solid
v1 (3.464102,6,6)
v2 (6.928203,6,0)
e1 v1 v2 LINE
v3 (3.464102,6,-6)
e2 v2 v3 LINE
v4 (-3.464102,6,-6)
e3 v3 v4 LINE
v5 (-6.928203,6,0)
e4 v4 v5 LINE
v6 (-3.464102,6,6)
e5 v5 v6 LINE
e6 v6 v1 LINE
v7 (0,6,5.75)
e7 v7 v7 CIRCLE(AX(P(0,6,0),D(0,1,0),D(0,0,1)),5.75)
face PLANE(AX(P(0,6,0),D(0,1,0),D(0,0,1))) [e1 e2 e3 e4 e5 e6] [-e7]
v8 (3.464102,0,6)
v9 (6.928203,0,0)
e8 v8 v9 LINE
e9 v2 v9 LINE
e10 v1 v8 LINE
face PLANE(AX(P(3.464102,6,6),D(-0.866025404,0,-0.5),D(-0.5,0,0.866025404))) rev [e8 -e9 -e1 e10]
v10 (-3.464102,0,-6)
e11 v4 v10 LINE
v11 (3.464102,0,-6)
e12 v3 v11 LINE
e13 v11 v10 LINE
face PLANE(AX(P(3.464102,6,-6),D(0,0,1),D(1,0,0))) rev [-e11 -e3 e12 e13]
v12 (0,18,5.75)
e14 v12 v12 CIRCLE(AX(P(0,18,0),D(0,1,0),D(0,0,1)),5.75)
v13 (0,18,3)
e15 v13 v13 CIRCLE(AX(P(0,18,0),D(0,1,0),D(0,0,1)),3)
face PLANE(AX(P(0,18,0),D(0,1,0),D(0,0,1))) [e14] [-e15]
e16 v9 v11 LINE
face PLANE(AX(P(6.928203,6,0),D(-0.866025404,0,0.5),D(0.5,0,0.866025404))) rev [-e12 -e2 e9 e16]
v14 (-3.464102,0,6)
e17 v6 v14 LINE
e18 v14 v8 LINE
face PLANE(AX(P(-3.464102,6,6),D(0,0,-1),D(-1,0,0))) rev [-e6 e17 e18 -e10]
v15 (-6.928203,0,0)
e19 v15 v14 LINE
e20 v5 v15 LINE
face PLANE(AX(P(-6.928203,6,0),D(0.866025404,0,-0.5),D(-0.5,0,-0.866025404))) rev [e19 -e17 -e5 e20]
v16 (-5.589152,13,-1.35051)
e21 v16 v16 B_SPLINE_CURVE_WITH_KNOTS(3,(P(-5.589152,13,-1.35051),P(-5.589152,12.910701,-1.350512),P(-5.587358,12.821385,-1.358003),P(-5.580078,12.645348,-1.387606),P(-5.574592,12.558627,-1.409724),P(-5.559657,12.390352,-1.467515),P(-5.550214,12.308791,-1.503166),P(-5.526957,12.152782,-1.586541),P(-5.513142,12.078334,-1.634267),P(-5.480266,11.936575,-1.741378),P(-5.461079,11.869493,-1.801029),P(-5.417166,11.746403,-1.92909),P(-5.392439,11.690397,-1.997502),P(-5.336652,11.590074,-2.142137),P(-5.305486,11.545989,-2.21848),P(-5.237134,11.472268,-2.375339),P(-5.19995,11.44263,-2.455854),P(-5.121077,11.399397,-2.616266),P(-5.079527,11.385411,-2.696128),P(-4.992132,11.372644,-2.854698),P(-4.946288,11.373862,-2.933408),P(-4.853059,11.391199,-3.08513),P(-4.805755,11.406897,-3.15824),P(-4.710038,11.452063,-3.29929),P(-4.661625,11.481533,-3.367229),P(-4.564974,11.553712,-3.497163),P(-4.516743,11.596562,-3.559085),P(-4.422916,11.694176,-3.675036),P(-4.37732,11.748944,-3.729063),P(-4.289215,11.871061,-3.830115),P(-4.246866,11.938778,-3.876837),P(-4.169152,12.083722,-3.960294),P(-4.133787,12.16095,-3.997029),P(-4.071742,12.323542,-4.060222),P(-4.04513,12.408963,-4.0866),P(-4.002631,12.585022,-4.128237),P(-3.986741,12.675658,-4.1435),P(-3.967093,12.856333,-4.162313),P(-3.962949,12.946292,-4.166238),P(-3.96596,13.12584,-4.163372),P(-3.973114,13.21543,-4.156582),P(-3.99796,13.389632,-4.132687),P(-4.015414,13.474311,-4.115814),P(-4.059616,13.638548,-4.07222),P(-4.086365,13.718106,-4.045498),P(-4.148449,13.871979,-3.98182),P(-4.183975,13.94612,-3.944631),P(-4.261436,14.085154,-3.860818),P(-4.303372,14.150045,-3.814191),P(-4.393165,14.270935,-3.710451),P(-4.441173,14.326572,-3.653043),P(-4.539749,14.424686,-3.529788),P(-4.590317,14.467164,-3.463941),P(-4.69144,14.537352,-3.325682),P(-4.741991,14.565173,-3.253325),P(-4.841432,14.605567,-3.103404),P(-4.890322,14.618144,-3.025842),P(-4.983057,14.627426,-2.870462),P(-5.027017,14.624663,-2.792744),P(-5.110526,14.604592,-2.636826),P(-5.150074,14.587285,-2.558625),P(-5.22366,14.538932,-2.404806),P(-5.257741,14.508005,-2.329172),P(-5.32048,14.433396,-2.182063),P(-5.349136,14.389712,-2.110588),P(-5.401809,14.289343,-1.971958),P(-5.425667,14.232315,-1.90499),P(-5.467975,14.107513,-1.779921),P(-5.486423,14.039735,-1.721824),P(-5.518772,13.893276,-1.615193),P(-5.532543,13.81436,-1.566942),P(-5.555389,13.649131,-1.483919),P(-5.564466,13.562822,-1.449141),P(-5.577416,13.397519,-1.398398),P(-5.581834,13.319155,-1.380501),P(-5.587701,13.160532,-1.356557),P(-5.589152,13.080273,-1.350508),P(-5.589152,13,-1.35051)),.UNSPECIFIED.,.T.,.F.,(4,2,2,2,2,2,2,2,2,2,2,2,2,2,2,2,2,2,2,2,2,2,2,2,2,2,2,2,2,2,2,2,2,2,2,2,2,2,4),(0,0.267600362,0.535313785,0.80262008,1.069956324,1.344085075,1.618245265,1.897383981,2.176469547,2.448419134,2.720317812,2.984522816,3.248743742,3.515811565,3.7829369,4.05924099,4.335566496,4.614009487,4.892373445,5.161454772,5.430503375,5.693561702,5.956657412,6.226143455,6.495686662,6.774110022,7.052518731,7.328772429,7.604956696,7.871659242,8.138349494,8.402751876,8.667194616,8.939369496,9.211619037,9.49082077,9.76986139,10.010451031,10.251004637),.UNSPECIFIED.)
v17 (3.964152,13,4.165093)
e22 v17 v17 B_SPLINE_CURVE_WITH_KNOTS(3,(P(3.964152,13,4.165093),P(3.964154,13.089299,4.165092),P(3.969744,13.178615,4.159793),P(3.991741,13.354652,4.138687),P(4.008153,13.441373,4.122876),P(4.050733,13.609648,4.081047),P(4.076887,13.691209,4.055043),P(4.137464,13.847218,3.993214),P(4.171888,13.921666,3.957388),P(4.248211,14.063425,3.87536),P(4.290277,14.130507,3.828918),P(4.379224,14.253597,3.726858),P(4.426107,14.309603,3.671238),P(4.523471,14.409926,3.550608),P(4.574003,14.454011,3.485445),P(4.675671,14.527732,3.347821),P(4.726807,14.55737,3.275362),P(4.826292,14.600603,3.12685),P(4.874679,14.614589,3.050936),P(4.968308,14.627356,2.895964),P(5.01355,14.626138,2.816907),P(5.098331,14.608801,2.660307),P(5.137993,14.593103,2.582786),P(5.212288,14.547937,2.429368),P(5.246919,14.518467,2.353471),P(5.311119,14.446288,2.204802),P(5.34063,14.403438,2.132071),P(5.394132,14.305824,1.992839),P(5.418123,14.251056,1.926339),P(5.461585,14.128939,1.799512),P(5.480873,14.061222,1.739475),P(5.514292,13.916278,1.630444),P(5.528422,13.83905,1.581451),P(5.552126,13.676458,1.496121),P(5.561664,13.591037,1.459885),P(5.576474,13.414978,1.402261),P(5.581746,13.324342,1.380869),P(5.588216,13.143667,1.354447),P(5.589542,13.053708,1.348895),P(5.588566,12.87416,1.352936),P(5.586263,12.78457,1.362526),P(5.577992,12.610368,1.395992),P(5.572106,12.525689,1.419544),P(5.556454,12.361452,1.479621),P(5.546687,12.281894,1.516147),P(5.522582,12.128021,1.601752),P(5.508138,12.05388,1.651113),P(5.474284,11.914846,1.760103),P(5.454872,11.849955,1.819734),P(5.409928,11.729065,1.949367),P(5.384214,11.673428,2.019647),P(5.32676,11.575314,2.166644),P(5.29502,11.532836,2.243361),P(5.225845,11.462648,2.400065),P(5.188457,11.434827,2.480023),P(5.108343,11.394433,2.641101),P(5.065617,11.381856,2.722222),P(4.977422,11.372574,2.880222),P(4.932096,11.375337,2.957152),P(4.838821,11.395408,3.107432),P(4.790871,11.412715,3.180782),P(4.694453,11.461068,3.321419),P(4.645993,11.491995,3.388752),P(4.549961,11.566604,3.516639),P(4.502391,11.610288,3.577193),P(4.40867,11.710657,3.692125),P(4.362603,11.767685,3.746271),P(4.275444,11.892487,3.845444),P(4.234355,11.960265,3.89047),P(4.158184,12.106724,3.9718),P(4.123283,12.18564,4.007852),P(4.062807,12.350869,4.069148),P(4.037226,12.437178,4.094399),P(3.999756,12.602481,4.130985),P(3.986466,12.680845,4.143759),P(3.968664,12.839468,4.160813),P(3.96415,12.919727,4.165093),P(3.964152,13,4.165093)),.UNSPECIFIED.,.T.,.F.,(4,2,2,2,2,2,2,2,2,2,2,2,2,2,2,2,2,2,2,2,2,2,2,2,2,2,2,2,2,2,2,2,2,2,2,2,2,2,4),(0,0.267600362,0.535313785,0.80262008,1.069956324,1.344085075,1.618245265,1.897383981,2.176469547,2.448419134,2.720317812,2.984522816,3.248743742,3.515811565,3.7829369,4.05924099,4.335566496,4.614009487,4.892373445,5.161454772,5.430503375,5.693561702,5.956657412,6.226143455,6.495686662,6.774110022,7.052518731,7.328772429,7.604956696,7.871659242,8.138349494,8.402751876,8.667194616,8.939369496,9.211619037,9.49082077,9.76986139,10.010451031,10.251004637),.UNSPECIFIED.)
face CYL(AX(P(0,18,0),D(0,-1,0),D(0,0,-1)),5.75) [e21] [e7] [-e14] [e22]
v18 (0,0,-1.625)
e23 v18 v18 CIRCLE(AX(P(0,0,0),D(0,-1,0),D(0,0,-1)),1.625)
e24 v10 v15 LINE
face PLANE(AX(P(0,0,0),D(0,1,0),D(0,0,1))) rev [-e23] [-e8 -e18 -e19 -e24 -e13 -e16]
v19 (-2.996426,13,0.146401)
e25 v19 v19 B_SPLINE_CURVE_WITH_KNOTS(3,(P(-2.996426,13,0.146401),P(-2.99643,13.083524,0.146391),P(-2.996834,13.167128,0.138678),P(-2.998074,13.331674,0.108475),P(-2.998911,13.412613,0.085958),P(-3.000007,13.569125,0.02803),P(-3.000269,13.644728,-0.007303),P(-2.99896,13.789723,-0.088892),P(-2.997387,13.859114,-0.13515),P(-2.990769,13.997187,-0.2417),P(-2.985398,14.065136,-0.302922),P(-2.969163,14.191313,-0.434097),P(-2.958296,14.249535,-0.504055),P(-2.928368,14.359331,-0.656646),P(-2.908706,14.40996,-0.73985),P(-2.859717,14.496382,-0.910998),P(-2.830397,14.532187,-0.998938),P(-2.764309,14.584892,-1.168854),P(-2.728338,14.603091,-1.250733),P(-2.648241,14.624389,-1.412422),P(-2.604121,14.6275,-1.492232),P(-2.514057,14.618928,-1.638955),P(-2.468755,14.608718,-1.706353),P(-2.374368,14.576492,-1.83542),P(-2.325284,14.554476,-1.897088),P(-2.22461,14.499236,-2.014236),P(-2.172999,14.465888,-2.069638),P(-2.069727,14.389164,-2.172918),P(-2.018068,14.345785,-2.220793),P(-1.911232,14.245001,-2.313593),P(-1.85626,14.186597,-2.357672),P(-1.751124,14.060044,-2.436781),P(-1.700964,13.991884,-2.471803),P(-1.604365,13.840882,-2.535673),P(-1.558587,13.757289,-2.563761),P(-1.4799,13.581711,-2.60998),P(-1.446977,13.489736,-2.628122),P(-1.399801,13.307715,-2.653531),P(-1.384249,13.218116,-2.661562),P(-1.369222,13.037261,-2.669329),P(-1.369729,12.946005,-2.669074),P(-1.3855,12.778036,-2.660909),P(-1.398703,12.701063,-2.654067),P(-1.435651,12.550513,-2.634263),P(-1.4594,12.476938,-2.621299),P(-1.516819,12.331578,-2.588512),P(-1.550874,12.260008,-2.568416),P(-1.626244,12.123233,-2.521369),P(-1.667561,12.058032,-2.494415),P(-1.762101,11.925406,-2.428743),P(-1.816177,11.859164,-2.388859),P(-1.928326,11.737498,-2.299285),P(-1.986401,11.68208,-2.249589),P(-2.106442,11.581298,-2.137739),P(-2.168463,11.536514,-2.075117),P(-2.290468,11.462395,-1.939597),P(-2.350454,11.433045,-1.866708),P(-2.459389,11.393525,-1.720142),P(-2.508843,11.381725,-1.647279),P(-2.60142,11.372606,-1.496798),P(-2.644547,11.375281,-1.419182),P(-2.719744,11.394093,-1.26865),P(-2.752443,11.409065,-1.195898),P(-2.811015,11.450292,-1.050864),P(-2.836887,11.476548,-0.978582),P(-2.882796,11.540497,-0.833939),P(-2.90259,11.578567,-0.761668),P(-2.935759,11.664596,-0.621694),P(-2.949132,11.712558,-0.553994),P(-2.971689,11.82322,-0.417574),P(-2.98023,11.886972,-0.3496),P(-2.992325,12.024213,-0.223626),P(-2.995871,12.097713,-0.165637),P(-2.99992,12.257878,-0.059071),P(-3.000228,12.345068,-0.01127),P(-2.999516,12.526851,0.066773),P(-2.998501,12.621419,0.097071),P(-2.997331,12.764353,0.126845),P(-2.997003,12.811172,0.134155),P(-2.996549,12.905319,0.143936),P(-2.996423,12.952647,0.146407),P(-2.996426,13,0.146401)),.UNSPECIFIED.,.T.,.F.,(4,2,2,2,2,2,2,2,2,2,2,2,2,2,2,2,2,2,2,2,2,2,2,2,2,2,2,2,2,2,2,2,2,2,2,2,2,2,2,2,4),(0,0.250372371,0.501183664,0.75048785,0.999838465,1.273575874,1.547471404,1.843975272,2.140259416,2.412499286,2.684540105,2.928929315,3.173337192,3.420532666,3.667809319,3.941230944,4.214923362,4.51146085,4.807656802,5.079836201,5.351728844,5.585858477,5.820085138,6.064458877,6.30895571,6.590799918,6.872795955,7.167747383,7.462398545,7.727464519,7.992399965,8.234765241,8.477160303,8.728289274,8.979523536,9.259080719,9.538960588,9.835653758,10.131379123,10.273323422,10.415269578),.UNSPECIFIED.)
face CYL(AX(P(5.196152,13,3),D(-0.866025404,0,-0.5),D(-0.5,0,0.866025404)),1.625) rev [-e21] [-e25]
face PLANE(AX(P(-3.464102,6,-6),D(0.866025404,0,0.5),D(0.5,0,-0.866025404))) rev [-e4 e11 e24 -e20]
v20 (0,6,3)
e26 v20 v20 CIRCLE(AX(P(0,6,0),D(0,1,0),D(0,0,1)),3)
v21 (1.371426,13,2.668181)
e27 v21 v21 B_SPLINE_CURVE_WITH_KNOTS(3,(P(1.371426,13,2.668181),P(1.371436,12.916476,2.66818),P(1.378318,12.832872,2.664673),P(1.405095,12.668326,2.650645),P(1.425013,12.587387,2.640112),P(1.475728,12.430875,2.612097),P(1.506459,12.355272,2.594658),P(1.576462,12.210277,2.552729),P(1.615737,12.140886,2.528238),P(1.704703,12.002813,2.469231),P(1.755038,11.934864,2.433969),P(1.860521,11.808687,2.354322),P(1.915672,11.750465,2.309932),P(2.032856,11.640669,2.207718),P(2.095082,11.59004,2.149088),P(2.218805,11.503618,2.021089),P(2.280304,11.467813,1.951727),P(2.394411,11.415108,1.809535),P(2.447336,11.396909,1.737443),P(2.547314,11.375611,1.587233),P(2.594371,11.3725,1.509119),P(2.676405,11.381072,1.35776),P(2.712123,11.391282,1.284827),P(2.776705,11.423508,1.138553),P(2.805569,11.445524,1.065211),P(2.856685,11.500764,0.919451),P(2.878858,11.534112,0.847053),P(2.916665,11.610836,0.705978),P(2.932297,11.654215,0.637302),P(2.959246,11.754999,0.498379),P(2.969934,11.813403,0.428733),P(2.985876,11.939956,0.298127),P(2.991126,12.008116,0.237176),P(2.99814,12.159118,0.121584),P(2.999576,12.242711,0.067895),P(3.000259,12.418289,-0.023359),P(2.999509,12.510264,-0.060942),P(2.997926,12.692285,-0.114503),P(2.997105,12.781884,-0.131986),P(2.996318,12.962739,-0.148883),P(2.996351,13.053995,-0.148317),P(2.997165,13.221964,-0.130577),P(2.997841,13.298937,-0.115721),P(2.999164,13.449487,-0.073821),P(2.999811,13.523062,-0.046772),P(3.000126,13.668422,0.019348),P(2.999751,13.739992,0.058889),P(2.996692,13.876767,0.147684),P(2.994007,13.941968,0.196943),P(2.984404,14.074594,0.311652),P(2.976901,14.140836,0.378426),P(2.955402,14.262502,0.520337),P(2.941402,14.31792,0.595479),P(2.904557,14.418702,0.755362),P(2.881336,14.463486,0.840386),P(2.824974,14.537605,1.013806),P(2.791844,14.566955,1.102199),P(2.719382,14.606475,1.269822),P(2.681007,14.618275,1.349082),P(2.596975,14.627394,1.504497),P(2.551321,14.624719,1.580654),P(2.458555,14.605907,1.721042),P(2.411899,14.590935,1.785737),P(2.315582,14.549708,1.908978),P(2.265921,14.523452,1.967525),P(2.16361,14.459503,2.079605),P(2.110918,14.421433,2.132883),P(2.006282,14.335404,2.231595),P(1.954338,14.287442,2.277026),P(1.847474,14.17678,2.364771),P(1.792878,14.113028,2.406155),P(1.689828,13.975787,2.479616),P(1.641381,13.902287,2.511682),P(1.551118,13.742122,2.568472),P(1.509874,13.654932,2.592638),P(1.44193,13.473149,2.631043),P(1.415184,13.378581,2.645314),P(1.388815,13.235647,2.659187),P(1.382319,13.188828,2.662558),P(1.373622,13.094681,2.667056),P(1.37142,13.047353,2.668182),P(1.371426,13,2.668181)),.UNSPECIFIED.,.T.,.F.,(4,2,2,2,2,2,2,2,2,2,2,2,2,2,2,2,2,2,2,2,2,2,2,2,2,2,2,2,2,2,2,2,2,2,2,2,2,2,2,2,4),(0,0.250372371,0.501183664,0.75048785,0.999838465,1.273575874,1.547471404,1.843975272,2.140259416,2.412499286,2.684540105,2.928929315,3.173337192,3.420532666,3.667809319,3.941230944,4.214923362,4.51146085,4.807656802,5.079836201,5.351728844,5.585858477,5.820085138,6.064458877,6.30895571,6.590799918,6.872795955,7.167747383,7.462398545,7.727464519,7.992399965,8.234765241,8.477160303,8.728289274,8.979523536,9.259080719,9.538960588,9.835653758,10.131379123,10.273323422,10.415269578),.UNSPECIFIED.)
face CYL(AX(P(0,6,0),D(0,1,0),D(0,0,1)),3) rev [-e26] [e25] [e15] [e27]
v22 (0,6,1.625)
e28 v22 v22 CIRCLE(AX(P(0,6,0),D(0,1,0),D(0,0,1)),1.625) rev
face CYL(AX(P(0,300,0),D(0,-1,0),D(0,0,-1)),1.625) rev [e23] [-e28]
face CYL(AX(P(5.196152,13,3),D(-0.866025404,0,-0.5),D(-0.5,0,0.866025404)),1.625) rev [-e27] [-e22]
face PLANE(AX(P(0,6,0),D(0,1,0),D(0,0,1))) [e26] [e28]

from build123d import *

# Parameters (mm, degrees)
EXTRUDE_1_DEPTH     = 6
SKETCH_2_R          = 5.75
EXTRUDE_2_DEPTH     = 12
SKETCH_3_R          = 1.625
CUT_EXTRUDE_1_DEPTH = 300
SKETCH_4_R          = 3
CUT_EXTRUDE_2_DEPTH = 12
SKETCH_5_R          = 1.625
CUT_EXTRUDE_3_DEPTH = 12


with BuildPart() as part:
    # Эскиз1 → Бобышка-Вытянуть1 (new body)
    with BuildSketch(Plane(origin=(0, 0, 0), x_dir=(1, 0, 0), z_dir=(0, 1, 0))):
        Polygon((6.92820323, 0), (3.464101615, 6), (-3.464101615, 6), (-6.92820323, 0), (-3.464101615, -6), (3.464101615, -6), align=None)
    extrude(amount=EXTRUDE_1_DEPTH)

    # Эскиз2 → Бобышка-Вытянуть2 (add)
    with BuildSketch(Plane(origin=(0, 6, 0), x_dir=(1, 0, 0), z_dir=(0, 1, 0))):
        with Locations(Location((0, 0, 0), (0, 0, 270))):
            Circle(SKETCH_2_R)
    extrude(amount=EXTRUDE_2_DEPTH)

    # Эскиз3 → Вырез-Вытянуть1 (cut)
    with BuildSketch(Plane.XZ):
        with Locations(Location((0, 0, 0), (0, 0, 270))):
            Circle(SKETCH_3_R)
    extrude(amount=-CUT_EXTRUDE_1_DEPTH, mode=Mode.SUBTRACT)

    # Эскиз4 → Вырез-Вытянуть2 (cut)
    with BuildSketch(Plane(origin=(0, 18, 0), x_dir=(1, 0, 0), z_dir=(0, 1, 0))):
        with Locations(Location((0, 0, 0), (0, 0, 270))):
            Circle(SKETCH_4_R)
    extrude(amount=-CUT_EXTRUDE_2_DEPTH, mode=Mode.SUBTRACT)

    # Эскиз5 → Вырез-Вытянуть3 (cut)
    with BuildSketch(Plane(origin=(-5.196152423, 0, -3), x_dir=(-0.5000000000000003, 0, 0.8660254037844386), z_dir=(-0.8660254037844385, 0, -0.5000000000000002))):
        with Locations((0, 13)):
            Circle(SKETCH_5_R)
    extrude(amount=-CUT_EXTRUDE_3_DEPTH, mode=Mode.SUBTRACT)


solid = part.part
